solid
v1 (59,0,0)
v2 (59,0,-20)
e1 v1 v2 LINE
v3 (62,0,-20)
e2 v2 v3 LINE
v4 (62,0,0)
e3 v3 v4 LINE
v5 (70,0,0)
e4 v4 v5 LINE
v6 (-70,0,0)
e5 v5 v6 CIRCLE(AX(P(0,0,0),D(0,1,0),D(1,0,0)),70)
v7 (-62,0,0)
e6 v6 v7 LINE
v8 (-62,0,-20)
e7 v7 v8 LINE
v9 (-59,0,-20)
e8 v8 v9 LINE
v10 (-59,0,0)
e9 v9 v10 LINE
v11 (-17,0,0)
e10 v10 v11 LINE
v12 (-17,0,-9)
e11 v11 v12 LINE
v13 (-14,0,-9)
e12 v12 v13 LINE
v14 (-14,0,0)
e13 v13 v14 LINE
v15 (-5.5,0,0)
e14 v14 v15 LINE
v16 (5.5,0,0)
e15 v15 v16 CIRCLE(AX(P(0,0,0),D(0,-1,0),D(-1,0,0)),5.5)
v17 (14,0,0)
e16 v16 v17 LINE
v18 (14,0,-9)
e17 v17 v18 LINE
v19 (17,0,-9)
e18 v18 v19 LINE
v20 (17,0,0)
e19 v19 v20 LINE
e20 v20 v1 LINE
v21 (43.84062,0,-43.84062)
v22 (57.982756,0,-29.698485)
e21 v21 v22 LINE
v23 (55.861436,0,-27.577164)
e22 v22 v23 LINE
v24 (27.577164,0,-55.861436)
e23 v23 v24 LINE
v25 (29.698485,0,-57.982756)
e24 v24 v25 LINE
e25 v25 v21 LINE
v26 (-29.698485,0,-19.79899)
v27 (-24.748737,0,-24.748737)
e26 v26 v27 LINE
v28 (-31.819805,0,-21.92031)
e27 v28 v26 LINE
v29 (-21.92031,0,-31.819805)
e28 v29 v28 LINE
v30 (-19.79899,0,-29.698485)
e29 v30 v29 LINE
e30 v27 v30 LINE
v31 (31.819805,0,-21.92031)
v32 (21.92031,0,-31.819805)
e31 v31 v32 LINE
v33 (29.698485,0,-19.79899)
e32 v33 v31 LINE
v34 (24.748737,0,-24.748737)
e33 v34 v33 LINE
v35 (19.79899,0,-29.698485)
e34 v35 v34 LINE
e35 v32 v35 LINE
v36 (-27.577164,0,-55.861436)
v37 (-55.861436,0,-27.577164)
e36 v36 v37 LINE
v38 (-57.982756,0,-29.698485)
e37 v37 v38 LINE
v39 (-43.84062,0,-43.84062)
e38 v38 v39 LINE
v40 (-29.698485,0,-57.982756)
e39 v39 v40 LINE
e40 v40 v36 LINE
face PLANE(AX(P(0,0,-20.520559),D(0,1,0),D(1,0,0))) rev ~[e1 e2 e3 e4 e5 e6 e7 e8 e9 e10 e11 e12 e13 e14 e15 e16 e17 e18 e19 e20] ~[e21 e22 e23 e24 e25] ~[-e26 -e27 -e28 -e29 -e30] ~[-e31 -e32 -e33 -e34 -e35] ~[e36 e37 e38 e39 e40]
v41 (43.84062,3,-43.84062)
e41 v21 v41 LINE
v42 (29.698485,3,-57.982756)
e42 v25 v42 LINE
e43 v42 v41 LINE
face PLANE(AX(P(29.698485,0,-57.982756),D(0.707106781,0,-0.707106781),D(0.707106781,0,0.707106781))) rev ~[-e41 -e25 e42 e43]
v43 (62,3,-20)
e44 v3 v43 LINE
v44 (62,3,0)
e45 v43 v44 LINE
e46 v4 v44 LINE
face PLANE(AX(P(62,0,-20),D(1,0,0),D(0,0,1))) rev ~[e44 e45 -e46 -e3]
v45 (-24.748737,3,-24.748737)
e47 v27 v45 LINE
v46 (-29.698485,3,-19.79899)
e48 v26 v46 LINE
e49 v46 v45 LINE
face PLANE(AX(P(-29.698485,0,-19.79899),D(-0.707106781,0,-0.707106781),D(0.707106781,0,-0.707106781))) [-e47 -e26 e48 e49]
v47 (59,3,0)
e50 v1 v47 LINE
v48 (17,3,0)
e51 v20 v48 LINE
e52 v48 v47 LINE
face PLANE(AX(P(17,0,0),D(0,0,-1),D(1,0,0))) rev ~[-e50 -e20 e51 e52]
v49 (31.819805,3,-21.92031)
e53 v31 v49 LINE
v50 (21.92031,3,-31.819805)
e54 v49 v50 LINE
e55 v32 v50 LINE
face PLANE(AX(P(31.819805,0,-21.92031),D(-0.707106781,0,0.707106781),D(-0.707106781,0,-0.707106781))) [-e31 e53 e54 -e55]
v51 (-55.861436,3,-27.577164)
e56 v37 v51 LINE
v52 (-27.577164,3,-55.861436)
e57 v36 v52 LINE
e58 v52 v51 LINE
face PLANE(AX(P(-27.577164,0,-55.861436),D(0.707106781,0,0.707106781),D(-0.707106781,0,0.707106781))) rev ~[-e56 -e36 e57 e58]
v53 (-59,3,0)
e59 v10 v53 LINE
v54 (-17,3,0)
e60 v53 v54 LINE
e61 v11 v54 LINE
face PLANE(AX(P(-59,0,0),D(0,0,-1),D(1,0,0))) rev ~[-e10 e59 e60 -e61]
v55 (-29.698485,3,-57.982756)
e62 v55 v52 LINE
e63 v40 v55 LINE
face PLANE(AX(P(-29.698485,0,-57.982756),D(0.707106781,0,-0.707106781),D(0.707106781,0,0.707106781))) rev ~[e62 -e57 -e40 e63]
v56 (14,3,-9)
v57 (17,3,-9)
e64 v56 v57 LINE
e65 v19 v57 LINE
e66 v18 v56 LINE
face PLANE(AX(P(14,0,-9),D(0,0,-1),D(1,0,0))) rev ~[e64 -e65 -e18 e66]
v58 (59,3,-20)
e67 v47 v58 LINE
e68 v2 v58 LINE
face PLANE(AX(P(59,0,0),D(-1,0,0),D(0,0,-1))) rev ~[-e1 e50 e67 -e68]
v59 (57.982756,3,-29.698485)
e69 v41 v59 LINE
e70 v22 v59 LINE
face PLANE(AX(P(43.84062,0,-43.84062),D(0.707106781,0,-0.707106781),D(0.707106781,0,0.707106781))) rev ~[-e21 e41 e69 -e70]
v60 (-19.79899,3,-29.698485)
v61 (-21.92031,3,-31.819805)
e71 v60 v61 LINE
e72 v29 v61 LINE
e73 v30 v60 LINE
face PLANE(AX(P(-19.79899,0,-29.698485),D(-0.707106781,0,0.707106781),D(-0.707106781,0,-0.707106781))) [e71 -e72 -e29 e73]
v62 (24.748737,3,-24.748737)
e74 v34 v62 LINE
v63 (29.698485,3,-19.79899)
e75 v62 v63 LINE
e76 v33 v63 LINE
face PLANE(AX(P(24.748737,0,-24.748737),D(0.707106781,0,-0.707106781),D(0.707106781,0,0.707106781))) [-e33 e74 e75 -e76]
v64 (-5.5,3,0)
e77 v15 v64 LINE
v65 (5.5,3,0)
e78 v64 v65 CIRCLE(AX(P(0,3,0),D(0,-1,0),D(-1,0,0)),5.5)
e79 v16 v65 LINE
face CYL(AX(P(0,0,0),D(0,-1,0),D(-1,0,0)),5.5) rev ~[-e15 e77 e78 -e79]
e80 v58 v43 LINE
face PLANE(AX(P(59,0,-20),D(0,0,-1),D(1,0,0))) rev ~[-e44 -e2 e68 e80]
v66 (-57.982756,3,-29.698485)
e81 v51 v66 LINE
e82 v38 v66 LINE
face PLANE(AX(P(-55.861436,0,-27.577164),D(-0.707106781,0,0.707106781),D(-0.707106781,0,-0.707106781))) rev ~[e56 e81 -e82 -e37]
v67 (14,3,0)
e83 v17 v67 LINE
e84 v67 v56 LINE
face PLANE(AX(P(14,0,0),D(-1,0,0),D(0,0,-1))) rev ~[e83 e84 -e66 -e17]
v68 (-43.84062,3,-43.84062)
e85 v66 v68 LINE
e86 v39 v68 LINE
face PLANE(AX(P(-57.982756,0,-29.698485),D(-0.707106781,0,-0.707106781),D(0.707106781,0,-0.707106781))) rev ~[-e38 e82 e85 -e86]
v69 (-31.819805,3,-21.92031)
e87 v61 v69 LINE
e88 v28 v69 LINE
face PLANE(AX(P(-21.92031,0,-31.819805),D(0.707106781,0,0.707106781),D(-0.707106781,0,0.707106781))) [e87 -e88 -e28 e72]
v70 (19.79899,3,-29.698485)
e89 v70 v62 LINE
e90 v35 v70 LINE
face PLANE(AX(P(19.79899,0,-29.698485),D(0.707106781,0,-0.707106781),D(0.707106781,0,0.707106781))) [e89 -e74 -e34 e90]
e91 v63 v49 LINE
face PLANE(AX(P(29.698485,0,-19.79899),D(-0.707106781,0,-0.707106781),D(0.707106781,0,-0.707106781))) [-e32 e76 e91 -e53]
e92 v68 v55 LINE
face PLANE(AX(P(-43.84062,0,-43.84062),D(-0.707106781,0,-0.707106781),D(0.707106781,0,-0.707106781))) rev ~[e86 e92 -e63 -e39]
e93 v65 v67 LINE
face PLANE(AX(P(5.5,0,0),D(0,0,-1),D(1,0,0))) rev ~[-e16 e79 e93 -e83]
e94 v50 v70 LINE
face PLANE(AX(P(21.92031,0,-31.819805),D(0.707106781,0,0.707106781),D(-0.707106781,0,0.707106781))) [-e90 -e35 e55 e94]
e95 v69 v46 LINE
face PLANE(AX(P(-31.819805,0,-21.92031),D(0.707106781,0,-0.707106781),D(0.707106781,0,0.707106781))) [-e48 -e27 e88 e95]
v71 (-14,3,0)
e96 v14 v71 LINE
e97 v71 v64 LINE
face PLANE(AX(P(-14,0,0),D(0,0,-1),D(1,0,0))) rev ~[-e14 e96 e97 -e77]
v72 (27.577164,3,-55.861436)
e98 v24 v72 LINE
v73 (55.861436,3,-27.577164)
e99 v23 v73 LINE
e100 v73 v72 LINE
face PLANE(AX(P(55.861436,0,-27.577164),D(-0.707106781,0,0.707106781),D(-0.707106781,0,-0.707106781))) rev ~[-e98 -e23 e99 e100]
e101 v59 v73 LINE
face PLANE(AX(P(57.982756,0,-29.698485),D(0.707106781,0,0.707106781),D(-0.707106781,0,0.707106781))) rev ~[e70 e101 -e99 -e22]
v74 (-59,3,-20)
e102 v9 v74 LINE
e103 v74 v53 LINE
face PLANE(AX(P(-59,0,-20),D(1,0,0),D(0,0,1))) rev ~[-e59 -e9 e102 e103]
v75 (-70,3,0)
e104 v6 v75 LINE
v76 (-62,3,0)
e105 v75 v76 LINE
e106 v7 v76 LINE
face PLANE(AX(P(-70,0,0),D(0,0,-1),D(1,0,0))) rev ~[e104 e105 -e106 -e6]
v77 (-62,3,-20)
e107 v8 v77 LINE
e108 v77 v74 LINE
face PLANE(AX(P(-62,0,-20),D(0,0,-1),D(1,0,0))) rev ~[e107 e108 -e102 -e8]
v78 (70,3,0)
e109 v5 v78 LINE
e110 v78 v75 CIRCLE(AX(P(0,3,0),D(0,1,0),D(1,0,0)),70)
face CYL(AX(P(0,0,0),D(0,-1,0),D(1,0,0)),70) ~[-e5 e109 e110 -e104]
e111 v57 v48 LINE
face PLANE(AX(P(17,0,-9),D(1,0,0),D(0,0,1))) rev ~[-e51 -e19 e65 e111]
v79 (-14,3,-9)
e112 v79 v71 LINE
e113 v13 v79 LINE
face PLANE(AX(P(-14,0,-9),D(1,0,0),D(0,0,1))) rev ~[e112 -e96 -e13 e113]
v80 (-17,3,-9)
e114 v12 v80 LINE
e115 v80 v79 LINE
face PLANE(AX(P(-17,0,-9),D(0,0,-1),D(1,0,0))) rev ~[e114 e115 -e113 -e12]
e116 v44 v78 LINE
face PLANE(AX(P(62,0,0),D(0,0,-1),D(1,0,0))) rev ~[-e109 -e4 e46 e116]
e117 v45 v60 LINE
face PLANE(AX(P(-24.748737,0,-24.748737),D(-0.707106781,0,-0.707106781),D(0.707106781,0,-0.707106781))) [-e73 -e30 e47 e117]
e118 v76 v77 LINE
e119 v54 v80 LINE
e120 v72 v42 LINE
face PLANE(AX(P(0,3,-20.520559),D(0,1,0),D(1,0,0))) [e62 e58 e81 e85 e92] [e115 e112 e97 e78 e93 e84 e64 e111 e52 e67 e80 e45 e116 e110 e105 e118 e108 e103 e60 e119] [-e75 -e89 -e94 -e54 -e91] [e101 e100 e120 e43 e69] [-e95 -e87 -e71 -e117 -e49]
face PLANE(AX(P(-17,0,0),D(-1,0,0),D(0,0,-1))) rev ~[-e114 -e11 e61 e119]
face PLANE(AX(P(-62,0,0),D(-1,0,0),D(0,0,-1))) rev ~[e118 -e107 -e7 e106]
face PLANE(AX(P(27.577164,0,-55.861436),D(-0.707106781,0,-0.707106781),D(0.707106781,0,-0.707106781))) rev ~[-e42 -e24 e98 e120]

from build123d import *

# Parameters (mm, degrees)
SALIENTE_EXTRUIR1_DEPTH = 3


with BuildPart() as part:
    # Croquis1 → Saliente-Extruir1 (new body)
    with BuildSketch(Plane(origin=(0, 0, 0), x_dir=(1, 0, 0), z_dir=(0, 1, 0))):
        with BuildLine():
            Line((-59, 0), (-17, 0))
            Line((-17, 0), (-17, 9))
            Line((-17, 9), (-14, 9))
            Line((-14, 9), (-14, 0))
            Line((-14, 0), (-5.5, 0))
            ThreePointArc((-5.5, 0), (0, 5.5), (5.5, 0))
            Line((5.5, 0), (14, 0))
            Line((14, 0), (14, 9))
            Line((14, 9), (17, 9))
            Line((17, 9), (17, 0))
            Line((17, 0), (59, 0))
            Line((59, 0), (59, 20))
            Line((59, 20), (62, 20))
            Line((62, 20), (62, 0))
            Line((62, 0), (70, 0))
            ThreePointArc((70, 0), (0, 70), (-70, 0))
            Line((-70, 0), (-62, 0))
            Line((-62, 0), (-62, 20))
            Line((-62, 20), (-59, 20))
            Line((-59, 20), (-59, 0))
        make_face()
        Polygon((24.748737342, 24.748737342), (29.69848481, 19.798989873), (31.819805153, 21.920310217), (21.920310217, 31.819805153), (19.798989873, 29.69848481), align=None, mode=Mode.SUBTRACT)
        Polygon((-24.748737342, 24.748737342), (-19.798989873, 29.69848481), (-21.920310217, 31.819805153), (-31.819805153, 21.920310217), (-29.69848481, 19.798989873), align=None, mode=Mode.SUBTRACT)
        Polygon((55.861435714, 27.577164466), (27.577164466, 55.861435714), (29.69848481, 57.982756057), (43.840620434, 43.840620434), (57.982756057, 29.69848481), align=None, mode=Mode.SUBTRACT)
        Polygon((-27.577164466, 55.861435714), (-55.861435714, 27.577164466), (-57.982756057, 29.69848481), (-43.840620434, 43.840620434), (-29.69848481, 57.982756057), align=None, mode=Mode.SUBTRACT)
    extrude(amount=SALIENTE_EXTRUIR1_DEPTH)


solid = part.part
